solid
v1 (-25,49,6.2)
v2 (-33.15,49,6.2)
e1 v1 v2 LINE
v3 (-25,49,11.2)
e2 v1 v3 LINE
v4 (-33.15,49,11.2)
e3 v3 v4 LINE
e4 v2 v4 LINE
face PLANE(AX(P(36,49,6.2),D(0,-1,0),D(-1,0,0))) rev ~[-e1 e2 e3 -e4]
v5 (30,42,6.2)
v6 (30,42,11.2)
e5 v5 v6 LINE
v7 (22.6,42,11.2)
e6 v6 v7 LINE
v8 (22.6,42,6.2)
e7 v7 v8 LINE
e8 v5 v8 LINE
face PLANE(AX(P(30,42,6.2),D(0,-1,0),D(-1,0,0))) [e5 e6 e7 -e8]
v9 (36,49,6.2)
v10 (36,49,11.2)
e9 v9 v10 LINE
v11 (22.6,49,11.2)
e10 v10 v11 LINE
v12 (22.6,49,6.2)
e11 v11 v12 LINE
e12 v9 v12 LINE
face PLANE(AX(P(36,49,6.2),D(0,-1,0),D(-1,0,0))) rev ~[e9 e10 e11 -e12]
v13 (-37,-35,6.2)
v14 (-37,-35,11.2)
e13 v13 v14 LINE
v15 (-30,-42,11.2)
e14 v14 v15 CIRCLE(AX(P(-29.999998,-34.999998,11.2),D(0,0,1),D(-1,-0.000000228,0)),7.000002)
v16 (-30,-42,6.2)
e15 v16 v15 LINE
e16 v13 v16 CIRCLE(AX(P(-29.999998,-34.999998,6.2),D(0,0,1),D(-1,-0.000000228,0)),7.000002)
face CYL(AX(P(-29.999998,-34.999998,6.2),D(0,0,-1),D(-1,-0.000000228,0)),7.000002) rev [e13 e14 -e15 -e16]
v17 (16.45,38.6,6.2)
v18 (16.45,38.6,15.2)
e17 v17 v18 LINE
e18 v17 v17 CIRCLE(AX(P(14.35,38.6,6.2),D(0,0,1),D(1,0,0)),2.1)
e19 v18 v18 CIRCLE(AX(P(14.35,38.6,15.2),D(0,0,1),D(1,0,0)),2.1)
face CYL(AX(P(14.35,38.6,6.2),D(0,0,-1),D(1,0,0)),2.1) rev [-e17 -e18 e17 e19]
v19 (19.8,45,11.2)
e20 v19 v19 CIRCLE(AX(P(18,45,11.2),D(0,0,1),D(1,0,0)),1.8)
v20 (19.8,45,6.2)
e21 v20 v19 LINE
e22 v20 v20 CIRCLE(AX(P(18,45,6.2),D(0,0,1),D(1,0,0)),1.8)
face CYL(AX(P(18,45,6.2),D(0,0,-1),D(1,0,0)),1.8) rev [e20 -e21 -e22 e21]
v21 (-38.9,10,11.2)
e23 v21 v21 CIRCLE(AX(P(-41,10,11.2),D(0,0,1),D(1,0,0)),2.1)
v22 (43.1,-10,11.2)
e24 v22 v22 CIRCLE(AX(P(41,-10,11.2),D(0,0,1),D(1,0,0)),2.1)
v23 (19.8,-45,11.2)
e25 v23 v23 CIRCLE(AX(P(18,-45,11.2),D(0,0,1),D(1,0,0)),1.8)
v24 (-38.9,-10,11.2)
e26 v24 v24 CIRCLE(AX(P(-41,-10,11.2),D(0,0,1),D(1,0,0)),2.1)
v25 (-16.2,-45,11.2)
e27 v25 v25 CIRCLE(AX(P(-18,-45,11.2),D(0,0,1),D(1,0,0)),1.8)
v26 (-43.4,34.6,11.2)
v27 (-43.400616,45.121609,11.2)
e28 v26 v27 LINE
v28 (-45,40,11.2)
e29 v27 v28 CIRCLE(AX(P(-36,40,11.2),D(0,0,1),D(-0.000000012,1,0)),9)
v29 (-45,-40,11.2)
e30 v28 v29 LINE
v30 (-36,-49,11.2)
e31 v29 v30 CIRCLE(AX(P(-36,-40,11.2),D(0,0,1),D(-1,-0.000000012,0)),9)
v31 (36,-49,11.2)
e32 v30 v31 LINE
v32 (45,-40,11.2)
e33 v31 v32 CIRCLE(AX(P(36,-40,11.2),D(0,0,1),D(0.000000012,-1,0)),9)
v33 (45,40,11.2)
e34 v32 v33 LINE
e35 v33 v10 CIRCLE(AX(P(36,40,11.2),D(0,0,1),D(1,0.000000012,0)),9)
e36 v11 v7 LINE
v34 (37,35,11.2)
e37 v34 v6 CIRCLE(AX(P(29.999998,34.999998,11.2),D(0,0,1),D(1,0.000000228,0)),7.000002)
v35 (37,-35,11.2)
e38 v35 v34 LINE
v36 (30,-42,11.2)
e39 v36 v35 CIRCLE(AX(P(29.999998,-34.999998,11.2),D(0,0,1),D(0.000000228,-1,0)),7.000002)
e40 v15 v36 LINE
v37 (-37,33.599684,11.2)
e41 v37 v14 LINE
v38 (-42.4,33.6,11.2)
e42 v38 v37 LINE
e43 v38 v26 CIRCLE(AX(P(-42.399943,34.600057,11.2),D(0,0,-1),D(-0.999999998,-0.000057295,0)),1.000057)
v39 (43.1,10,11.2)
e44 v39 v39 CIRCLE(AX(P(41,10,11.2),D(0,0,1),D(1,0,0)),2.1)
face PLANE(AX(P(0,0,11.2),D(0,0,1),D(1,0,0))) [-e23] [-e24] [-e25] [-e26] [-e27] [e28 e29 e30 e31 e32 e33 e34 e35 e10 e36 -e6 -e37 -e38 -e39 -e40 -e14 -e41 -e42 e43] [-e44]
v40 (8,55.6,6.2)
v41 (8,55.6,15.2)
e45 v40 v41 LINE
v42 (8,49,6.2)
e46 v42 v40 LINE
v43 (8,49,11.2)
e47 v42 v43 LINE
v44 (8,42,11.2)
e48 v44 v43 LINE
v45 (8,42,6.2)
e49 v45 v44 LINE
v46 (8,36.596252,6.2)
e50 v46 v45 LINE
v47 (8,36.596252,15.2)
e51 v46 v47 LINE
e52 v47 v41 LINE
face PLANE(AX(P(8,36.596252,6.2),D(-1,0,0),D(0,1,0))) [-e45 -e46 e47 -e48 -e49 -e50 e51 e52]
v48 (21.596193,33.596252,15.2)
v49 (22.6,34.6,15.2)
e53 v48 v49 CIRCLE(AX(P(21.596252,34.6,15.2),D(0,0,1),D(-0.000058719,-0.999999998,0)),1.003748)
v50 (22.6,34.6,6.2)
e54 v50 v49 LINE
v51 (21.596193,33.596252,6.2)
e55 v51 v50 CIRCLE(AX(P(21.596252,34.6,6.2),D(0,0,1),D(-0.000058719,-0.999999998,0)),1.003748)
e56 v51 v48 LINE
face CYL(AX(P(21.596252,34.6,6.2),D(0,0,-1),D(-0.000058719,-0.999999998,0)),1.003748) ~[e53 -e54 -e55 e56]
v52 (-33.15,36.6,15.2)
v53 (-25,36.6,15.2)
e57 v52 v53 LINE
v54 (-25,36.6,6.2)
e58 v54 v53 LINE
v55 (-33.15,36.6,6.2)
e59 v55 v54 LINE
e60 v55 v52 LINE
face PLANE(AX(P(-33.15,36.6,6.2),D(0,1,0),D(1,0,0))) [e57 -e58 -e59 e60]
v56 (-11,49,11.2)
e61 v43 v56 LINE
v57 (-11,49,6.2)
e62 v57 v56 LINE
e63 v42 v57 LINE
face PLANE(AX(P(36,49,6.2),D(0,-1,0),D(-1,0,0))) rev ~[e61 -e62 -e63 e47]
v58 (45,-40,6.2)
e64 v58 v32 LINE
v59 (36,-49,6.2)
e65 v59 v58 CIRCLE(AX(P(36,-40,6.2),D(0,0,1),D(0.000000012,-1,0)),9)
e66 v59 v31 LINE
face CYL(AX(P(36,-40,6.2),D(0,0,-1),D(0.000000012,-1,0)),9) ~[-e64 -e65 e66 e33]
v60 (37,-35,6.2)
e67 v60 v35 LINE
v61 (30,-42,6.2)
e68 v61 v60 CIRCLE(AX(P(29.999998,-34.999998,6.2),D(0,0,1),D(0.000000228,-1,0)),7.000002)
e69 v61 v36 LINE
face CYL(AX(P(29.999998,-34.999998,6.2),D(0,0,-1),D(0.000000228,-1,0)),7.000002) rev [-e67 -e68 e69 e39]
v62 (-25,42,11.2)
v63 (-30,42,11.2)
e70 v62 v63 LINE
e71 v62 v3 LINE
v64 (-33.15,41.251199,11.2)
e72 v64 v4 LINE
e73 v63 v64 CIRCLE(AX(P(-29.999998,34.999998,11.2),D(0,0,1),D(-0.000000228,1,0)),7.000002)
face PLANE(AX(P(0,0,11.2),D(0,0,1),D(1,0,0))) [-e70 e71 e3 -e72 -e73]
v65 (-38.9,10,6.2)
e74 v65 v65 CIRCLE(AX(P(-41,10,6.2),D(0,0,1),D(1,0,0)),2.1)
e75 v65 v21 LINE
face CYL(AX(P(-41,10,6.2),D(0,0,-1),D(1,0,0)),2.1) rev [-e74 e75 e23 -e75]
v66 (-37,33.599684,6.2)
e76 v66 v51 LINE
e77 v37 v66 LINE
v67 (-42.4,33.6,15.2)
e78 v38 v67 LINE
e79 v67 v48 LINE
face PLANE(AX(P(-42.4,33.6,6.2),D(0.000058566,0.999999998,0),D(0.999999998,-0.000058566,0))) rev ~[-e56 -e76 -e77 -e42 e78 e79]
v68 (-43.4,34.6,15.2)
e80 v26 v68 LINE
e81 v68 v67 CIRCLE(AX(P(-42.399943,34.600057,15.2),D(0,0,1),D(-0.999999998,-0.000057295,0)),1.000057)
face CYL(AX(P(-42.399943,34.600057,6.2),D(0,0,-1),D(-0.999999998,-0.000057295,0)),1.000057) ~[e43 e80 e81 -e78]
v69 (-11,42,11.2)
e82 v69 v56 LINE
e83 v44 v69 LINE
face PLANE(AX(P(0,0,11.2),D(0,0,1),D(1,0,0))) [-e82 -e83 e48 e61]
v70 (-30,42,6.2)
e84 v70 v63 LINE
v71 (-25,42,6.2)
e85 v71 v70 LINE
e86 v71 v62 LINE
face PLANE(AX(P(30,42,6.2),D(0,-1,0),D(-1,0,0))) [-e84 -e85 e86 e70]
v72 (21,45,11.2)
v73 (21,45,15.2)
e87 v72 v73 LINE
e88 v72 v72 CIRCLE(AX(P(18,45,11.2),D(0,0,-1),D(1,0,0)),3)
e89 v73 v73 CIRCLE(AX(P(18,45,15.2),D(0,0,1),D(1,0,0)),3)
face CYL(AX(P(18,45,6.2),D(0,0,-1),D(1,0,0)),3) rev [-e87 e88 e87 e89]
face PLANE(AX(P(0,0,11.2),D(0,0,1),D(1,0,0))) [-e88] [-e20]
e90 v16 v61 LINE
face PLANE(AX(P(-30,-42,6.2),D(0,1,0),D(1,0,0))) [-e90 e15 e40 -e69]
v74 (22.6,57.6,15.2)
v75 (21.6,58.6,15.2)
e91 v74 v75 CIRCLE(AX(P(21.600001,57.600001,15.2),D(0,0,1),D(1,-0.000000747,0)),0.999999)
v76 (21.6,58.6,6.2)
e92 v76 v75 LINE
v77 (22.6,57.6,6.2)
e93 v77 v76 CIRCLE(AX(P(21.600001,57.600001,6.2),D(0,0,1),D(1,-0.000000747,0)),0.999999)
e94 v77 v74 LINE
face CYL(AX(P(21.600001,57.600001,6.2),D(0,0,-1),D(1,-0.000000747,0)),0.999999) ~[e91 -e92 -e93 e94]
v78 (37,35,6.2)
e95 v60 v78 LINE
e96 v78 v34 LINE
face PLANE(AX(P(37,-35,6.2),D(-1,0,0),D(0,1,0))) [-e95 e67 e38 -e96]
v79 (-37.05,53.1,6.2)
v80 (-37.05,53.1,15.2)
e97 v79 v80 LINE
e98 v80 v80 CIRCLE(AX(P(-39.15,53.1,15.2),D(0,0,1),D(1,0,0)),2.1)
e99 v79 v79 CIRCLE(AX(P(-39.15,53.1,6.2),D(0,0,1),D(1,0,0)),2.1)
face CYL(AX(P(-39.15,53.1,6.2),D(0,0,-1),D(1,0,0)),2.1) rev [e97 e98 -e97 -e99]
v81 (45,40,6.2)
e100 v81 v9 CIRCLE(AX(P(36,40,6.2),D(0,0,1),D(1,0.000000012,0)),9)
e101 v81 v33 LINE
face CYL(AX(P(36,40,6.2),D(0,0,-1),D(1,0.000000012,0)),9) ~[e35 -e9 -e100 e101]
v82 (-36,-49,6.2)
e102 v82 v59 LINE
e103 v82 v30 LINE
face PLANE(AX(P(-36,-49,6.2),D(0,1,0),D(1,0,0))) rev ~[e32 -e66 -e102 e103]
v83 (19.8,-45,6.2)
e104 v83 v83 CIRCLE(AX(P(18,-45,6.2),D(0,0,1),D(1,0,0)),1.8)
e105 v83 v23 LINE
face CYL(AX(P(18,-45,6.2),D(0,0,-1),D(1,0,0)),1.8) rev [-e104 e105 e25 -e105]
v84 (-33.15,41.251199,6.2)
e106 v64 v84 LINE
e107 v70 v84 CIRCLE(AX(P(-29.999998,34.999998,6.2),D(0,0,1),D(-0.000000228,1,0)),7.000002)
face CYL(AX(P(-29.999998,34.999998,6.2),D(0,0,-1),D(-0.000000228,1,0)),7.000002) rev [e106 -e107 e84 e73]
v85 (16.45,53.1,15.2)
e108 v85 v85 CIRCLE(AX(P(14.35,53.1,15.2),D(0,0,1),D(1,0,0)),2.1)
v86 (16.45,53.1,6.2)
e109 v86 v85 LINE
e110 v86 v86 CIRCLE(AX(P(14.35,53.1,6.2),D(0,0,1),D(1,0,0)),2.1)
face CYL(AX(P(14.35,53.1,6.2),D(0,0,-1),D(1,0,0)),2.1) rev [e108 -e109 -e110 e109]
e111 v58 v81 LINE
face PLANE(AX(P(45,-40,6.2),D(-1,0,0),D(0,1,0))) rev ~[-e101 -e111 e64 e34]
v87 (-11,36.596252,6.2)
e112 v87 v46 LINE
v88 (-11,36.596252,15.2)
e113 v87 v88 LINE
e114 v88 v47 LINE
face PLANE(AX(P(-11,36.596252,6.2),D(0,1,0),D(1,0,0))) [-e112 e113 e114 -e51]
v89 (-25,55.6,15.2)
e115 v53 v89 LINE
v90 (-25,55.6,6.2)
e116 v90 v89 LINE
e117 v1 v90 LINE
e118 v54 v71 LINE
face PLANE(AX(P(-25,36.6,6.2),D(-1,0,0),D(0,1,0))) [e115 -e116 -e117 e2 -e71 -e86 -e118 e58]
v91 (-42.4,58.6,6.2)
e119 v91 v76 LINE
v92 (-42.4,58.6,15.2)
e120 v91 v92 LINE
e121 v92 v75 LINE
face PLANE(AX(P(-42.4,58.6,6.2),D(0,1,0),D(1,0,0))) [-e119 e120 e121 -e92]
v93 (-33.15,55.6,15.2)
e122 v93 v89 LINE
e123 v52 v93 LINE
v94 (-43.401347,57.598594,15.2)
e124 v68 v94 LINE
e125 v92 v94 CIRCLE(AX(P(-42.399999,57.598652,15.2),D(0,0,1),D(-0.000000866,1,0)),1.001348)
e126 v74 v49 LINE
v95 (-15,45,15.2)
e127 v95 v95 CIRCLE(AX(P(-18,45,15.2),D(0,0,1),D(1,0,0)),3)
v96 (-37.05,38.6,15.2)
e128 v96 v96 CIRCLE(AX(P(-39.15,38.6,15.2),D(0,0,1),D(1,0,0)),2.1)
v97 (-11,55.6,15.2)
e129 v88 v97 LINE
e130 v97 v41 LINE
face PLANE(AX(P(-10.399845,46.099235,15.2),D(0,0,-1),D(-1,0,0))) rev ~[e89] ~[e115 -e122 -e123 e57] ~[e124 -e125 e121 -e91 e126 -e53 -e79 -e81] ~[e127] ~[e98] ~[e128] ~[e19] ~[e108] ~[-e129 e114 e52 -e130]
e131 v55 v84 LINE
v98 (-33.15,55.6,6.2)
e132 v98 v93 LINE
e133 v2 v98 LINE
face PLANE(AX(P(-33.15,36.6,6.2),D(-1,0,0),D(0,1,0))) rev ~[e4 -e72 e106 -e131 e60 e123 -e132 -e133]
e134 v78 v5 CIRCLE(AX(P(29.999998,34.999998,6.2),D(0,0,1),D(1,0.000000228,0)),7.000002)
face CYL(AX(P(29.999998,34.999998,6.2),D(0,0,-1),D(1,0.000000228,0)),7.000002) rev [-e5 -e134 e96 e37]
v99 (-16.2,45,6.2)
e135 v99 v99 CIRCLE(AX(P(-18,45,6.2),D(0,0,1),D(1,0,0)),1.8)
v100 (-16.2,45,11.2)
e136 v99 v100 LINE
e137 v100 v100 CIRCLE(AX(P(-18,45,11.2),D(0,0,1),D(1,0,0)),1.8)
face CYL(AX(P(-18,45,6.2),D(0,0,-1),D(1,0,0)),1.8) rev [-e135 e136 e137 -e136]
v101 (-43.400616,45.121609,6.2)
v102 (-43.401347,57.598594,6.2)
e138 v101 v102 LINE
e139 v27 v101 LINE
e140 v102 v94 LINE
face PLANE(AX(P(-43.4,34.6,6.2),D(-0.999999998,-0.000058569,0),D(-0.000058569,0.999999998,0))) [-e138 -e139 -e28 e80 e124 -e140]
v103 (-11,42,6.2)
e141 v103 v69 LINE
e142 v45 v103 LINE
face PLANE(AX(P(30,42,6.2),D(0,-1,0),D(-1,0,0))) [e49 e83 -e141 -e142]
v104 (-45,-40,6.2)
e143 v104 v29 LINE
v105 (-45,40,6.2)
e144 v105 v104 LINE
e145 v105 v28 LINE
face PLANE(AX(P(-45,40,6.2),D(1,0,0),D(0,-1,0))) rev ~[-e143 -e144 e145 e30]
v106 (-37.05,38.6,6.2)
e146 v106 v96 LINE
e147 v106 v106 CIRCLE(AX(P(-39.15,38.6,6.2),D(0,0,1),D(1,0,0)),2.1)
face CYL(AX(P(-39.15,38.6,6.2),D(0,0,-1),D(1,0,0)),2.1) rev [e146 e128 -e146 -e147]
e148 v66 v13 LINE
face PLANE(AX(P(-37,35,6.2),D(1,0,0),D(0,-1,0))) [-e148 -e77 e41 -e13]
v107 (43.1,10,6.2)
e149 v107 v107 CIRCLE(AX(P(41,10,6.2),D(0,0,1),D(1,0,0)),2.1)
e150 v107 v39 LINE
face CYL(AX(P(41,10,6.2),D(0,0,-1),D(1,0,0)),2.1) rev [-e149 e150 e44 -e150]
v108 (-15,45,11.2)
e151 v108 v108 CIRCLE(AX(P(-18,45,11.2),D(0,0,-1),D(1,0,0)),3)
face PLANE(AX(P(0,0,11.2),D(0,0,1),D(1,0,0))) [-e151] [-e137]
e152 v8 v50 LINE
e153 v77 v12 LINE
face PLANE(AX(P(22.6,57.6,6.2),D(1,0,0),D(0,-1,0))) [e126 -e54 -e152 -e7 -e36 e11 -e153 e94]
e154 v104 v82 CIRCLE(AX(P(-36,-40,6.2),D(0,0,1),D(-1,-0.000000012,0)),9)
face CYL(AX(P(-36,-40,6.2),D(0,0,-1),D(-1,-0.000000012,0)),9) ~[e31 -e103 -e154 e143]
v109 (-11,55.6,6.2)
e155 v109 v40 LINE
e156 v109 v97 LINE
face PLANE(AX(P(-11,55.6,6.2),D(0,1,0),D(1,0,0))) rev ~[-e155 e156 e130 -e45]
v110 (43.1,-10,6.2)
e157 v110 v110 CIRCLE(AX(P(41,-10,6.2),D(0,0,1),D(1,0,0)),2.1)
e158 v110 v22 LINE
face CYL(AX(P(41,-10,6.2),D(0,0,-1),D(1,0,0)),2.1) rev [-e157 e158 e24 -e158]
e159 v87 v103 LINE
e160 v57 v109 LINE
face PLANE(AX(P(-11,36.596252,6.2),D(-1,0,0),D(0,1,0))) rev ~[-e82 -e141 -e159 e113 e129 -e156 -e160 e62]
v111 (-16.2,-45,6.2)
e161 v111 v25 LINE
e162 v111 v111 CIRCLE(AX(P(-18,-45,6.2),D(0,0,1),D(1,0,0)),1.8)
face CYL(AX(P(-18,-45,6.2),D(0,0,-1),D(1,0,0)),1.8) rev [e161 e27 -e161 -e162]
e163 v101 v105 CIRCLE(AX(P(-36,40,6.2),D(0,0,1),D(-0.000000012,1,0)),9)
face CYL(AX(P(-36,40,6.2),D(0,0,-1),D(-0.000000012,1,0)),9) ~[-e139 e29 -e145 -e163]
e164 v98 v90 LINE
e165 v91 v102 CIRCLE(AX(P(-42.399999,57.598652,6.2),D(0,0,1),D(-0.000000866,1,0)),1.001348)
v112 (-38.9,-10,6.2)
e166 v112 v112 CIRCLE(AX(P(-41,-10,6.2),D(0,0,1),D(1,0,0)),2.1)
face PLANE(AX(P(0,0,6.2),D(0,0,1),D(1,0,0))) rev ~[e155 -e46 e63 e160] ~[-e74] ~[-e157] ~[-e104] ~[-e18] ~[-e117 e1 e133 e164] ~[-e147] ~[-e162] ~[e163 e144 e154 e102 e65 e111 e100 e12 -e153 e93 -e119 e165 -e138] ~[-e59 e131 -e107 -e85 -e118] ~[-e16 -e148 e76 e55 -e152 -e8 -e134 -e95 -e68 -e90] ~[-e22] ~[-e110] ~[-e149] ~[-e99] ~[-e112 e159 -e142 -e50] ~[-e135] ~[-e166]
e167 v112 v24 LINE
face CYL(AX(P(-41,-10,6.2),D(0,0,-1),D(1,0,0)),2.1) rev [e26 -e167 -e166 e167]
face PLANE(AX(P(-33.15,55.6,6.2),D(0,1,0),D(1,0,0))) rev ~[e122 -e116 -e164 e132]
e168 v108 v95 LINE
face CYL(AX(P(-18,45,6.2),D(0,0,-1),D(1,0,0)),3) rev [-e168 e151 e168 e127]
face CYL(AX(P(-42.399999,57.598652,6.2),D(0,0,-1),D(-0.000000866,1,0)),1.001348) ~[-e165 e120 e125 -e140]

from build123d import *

# Parameters (mm, degrees)
SKETCH002_R      = 1.8
SKETCH002_R_2    = 2.1
SKETCH002_R_3    = 2.458824
EXTRUDE001_DEPTH = 5
SKETCH006_R      = 2.1
SKETCH006_R_2    = 3
SKETCH006_W      = 19
SKETCH006_H      = 19.003748
SKETCH006_W_2    = 8.15
SKETCH006_H_2    = 19
EXTRUDE005_DEPTH = 9


with BuildPart() as pair_connector_extrude:
    # Sketch002 → Extrude001 (new body)
    with BuildSketch(Plane.XY):
        with BuildLine():
            Line((-36, -49), (0, -49))
            Line((0, -49), (36, -49))
            ThreePointArc((36, -49), (42.363961, -46.363961), (45, -40))
            Line((45, -40), (45, 0))
            Line((45, 0), (45, 40))
            ThreePointArc((45, 40), (42.363961, 46.363961), (36, 49))
            Line((36, 49), (0, 49))
            Line((0, 49), (-36, 49))
            ThreePointArc((-36, 49), (-42.363961, 46.363961), (-45, 40))
            Line((-45, 40), (-45, 0))
            Line((-45, 0), (-45, -40))
            ThreePointArc((-45, -40), (-42.363961, -46.363961), (-36, -49))
        make_face()
        with Locations((-18, 45)):
            Circle(SKETCH002_R, mode=Mode.SUBTRACT)
        with Locations((18, 45)):
            Circle(SKETCH002_R, mode=Mode.SUBTRACT)
        with Locations((-18, -45)):
            Circle(SKETCH002_R, mode=Mode.SUBTRACT)
        with Locations((18, -45)):
            Circle(SKETCH002_R, mode=Mode.SUBTRACT)
        with Locations((-41, 10)):
            Circle(SKETCH002_R_2, mode=Mode.SUBTRACT)
        with Locations((-41, -10)):
            Circle(SKETCH002_R_2, mode=Mode.SUBTRACT)
        with Locations((-39.177948, 38.628017)):
            Circle(SKETCH002_R_3, mode=Mode.SUBTRACT)
        with Locations((41, -10)):
            Circle(SKETCH002_R_2, mode=Mode.SUBTRACT)
        with Locations((41, 10)):
            Circle(SKETCH002_R_2, mode=Mode.SUBTRACT)
        with BuildLine():
            Line((-30, -42), (0, -42))
            Line((0, -42), (30, -42))
            ThreePointArc((30, -42), (34.949747, -39.949747), (37, -35))
            Line((37, -35), (37, 0))
            Line((37, 0), (37, 35))
            ThreePointArc((37, 35), (34.949747, 39.949747), (30, 42))
            Line((30, 42), (0, 42))
            Line((0, 42), (-30, 42))
            ThreePointArc((-30, 42), (-34.949747, 39.949747), (-37, 35))
            Line((-37, 35), (-37, 0))
            Line((-37, 0), (-37, -35))
            ThreePointArc((-37, -35), (-34.949747, -39.949747), (-30, -42))
        make_face(mode=Mode.SUBTRACT)
    extrude(amount=EXTRUDE001_DEPTH)


with BuildPart() as pair_connector_extrude_1:
    # Extrude001 placement: moved
    add(pair_connector_extrude.part.moved(Location((0, 0, 6.2))))


with BuildPart() as pair_connector_fusion:
    # Sketch006 → Extrude005 (new body)
    with BuildSketch(Plane.XY):
        with BuildLine():
            Line((-42.4, 58.6), (21.6, 58.6))
            ThreePointArc((22.6, 57.6), (22.307107, 58.307107), (21.6, 58.6))
            Line((22.6, 57.6), (22.6, 34.6))
            ThreePointArc((21.596193, 33.596252), (22.305988, 33.890222), (22.6, 34.6))
            Line((-42.4, 33.6), (21.596193, 33.596252))
            ThreePointArc((-43.4, 34.6), (-43.10709, 33.89291), (-42.4, 33.6))
            Line((-43.4, 34.6), (-43.401347, 57.598594))
            ThreePointArc((-42.4, 58.6), (-43.10808, 58.306691), (-43.401347, 57.598594))
        make_face()
        with Locations((-39.15, 53.1)):
            Circle(SKETCH006_R, mode=Mode.SUBTRACT)
        with Locations((14.35, 53.1)):
            Circle(SKETCH006_R, mode=Mode.SUBTRACT)
        with Locations((-39.15, 38.6)):
            Circle(SKETCH006_R, mode=Mode.SUBTRACT)
        with Locations((14.35, 38.6)):
            Circle(SKETCH006_R, mode=Mode.SUBTRACT)
        with Locations((18, 45)):
            Circle(SKETCH006_R_2, mode=Mode.SUBTRACT)
        with Locations((-18, 45)):
            Circle(SKETCH006_R_2, mode=Mode.SUBTRACT)
        with Locations((-1.5, 46.098126)):
            Rectangle(SKETCH006_W, SKETCH006_H, mode=Mode.SUBTRACT)
        with Locations((-29.075, 46.1)):
            Rectangle(SKETCH006_W_2, SKETCH006_H_2, mode=Mode.SUBTRACT)
    extrude(amount=EXTRUDE005_DEPTH)


with BuildPart() as pair_connector_fusion_1:
    # Extrude005 placement: moved
    add(pair_connector_fusion.part.moved(Location((0, 0, 6.2))))

    # Fusion008: union pair connector extrude
    add(pair_connector_extrude_1.part)


solid = pair_connector_fusion_1.part
